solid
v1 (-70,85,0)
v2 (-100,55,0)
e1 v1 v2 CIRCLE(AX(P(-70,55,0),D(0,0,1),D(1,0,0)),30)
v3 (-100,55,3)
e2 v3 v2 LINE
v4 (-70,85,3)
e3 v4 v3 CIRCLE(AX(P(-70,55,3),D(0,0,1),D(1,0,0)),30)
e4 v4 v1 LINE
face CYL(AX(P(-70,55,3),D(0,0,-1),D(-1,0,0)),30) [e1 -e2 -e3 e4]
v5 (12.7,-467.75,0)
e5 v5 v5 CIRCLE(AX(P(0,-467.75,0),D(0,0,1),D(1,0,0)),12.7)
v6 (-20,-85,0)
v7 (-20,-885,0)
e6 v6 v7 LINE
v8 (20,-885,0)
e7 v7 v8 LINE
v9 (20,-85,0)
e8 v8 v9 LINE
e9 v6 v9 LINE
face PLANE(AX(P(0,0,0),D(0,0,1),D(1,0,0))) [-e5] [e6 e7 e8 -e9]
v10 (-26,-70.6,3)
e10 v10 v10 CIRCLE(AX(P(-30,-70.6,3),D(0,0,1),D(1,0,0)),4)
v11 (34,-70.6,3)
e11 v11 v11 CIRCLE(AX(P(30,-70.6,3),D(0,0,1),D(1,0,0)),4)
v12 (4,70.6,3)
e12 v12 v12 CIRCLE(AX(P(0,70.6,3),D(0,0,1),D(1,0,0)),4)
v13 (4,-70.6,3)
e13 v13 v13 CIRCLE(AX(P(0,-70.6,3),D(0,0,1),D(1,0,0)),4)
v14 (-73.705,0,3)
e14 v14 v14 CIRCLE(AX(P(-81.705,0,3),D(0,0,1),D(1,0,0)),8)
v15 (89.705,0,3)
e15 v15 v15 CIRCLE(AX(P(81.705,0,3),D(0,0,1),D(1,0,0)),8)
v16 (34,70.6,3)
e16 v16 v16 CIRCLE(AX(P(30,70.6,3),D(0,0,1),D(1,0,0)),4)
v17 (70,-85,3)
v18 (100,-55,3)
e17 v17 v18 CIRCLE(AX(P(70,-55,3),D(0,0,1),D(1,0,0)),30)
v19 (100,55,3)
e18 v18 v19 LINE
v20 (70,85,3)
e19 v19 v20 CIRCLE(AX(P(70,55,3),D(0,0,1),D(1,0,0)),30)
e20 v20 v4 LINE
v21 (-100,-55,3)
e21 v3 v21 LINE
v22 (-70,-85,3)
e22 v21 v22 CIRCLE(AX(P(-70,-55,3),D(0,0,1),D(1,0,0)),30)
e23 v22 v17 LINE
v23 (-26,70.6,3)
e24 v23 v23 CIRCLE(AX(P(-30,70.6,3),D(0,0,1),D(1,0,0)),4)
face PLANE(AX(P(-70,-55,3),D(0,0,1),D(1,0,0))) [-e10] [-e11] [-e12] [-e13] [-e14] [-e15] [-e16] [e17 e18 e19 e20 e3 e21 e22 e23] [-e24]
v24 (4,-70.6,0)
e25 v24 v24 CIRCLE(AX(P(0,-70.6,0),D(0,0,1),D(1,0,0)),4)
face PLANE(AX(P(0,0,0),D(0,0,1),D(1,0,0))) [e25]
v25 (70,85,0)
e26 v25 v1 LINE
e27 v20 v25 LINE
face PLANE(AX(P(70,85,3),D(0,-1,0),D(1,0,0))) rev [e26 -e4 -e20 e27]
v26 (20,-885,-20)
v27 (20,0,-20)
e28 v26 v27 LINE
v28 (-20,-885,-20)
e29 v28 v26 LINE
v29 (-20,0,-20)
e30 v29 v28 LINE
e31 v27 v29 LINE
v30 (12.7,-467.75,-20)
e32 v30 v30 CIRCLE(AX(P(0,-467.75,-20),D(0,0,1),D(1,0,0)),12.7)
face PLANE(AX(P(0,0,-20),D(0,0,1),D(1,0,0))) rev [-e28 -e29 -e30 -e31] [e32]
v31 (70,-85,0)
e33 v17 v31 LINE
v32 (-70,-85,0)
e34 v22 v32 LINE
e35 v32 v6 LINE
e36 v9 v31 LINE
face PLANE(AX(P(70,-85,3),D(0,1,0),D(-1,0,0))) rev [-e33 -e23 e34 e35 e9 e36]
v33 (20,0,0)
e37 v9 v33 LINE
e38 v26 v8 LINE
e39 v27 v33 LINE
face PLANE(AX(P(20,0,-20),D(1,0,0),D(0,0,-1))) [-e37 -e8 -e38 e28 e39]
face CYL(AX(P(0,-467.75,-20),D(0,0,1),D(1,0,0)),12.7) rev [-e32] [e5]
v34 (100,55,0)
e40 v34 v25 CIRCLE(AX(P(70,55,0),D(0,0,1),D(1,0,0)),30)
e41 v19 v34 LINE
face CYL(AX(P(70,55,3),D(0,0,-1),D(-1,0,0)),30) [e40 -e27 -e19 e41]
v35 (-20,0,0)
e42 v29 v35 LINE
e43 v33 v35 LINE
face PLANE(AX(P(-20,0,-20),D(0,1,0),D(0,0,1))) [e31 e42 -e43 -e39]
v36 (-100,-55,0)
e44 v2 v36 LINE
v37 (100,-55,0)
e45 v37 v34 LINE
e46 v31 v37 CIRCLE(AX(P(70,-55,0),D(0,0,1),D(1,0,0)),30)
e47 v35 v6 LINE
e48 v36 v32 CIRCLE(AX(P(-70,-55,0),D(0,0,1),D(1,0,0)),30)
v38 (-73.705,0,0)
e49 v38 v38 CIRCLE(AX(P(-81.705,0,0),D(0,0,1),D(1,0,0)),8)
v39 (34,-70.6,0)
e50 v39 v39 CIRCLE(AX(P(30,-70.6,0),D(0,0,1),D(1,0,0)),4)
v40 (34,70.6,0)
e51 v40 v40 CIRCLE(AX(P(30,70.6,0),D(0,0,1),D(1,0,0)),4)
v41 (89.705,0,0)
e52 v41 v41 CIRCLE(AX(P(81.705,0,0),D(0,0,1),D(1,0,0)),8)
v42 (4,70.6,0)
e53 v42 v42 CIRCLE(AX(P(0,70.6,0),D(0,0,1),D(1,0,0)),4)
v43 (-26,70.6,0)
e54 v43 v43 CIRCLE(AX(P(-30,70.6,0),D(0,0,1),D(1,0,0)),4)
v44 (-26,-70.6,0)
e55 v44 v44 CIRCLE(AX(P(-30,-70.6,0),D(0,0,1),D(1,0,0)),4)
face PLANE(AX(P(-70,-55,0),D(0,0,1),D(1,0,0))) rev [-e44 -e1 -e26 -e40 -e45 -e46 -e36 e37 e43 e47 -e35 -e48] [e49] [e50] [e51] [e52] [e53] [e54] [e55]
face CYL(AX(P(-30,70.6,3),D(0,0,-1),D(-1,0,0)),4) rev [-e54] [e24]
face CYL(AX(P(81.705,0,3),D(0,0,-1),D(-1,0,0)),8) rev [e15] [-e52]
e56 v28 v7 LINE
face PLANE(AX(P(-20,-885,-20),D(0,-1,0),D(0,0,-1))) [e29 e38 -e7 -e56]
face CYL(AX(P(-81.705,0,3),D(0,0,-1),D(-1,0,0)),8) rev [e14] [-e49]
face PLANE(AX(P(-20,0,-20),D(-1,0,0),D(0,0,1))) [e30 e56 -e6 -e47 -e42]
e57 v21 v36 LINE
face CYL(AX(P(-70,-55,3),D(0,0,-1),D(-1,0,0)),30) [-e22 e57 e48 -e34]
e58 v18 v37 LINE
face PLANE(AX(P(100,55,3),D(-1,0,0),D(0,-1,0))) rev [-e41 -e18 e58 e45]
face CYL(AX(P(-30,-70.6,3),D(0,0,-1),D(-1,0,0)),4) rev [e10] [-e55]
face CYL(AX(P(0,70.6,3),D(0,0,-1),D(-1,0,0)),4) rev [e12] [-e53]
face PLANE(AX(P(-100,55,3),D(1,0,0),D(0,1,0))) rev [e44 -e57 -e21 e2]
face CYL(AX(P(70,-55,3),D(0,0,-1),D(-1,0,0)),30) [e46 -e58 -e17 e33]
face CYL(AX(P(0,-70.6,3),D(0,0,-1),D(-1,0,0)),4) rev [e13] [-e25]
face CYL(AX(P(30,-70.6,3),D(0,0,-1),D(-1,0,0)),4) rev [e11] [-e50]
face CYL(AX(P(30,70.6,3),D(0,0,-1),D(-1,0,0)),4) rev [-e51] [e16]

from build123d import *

# Parameters (mm, degrees)
CROQUIS1_R              = 8
CROQUIS1_R_2            = 4
SALIENTE_EXTRUIR1_DEPTH = 3
CROQUIS2_W              = 40
CROQUIS2_H              = 885
CROQUIS2_R              = 12.7
SALIENTE_EXTRUIR2_DEPTH = 20


with BuildPart() as part:
    # Croquis1 → Saliente-Extruir1 (new body)
    with BuildSketch(Plane.XY):
        with BuildLine():
            Line((70, 85), (-70, 85))
            ThreePointArc((-70, 85), (-91.213203436, 76.213203436), (-100, 55))
            Line((-100, 55), (-100, -55))
            ThreePointArc((-100, -55), (-91.213203436, -76.213203436), (-70, -85))
            Line((-70, -85), (70, -85))
            ThreePointArc((70, -85), (91.213203436, -76.213203436), (100, -55))
            Line((100, -55), (100, 55))
            ThreePointArc((100, 55), (91.213203436, 76.213203436), (70, 85))
        make_face()
        with Locations((-81.705, 0)):
            Circle(CROQUIS1_R, mode=Mode.SUBTRACT)
        with Locations((81.705, 0)):
            Circle(CROQUIS1_R, mode=Mode.SUBTRACT)
        with Locations((0, 70.6)):
            Circle(CROQUIS1_R_2, mode=Mode.SUBTRACT)
        with Locations((0, -70.6)):
            Circle(CROQUIS1_R_2, mode=Mode.SUBTRACT)
        with Locations((-30, 70.6)):
            Circle(CROQUIS1_R_2, mode=Mode.SUBTRACT)
        with Locations((30, 70.6)):
            Circle(CROQUIS1_R_2, mode=Mode.SUBTRACT)
        with Locations((-30, -70.6)):
            Circle(CROQUIS1_R_2, mode=Mode.SUBTRACT)
        with Locations((30, -70.6)):
            Circle(CROQUIS1_R_2, mode=Mode.SUBTRACT)
    extrude(amount=SALIENTE_EXTRUIR1_DEPTH)

    # Croquis2 → Saliente-Extruir2 (add)
    with BuildSketch(Plane.XY):
        with Locations((0, -442.5)):
            Rectangle(CROQUIS2_W, CROQUIS2_H)
        with Locations((0, -467.75)):
            Circle(CROQUIS2_R, mode=Mode.SUBTRACT)
    extrude(amount=-SALIENTE_EXTRUIR2_DEPTH)


solid = part.part
